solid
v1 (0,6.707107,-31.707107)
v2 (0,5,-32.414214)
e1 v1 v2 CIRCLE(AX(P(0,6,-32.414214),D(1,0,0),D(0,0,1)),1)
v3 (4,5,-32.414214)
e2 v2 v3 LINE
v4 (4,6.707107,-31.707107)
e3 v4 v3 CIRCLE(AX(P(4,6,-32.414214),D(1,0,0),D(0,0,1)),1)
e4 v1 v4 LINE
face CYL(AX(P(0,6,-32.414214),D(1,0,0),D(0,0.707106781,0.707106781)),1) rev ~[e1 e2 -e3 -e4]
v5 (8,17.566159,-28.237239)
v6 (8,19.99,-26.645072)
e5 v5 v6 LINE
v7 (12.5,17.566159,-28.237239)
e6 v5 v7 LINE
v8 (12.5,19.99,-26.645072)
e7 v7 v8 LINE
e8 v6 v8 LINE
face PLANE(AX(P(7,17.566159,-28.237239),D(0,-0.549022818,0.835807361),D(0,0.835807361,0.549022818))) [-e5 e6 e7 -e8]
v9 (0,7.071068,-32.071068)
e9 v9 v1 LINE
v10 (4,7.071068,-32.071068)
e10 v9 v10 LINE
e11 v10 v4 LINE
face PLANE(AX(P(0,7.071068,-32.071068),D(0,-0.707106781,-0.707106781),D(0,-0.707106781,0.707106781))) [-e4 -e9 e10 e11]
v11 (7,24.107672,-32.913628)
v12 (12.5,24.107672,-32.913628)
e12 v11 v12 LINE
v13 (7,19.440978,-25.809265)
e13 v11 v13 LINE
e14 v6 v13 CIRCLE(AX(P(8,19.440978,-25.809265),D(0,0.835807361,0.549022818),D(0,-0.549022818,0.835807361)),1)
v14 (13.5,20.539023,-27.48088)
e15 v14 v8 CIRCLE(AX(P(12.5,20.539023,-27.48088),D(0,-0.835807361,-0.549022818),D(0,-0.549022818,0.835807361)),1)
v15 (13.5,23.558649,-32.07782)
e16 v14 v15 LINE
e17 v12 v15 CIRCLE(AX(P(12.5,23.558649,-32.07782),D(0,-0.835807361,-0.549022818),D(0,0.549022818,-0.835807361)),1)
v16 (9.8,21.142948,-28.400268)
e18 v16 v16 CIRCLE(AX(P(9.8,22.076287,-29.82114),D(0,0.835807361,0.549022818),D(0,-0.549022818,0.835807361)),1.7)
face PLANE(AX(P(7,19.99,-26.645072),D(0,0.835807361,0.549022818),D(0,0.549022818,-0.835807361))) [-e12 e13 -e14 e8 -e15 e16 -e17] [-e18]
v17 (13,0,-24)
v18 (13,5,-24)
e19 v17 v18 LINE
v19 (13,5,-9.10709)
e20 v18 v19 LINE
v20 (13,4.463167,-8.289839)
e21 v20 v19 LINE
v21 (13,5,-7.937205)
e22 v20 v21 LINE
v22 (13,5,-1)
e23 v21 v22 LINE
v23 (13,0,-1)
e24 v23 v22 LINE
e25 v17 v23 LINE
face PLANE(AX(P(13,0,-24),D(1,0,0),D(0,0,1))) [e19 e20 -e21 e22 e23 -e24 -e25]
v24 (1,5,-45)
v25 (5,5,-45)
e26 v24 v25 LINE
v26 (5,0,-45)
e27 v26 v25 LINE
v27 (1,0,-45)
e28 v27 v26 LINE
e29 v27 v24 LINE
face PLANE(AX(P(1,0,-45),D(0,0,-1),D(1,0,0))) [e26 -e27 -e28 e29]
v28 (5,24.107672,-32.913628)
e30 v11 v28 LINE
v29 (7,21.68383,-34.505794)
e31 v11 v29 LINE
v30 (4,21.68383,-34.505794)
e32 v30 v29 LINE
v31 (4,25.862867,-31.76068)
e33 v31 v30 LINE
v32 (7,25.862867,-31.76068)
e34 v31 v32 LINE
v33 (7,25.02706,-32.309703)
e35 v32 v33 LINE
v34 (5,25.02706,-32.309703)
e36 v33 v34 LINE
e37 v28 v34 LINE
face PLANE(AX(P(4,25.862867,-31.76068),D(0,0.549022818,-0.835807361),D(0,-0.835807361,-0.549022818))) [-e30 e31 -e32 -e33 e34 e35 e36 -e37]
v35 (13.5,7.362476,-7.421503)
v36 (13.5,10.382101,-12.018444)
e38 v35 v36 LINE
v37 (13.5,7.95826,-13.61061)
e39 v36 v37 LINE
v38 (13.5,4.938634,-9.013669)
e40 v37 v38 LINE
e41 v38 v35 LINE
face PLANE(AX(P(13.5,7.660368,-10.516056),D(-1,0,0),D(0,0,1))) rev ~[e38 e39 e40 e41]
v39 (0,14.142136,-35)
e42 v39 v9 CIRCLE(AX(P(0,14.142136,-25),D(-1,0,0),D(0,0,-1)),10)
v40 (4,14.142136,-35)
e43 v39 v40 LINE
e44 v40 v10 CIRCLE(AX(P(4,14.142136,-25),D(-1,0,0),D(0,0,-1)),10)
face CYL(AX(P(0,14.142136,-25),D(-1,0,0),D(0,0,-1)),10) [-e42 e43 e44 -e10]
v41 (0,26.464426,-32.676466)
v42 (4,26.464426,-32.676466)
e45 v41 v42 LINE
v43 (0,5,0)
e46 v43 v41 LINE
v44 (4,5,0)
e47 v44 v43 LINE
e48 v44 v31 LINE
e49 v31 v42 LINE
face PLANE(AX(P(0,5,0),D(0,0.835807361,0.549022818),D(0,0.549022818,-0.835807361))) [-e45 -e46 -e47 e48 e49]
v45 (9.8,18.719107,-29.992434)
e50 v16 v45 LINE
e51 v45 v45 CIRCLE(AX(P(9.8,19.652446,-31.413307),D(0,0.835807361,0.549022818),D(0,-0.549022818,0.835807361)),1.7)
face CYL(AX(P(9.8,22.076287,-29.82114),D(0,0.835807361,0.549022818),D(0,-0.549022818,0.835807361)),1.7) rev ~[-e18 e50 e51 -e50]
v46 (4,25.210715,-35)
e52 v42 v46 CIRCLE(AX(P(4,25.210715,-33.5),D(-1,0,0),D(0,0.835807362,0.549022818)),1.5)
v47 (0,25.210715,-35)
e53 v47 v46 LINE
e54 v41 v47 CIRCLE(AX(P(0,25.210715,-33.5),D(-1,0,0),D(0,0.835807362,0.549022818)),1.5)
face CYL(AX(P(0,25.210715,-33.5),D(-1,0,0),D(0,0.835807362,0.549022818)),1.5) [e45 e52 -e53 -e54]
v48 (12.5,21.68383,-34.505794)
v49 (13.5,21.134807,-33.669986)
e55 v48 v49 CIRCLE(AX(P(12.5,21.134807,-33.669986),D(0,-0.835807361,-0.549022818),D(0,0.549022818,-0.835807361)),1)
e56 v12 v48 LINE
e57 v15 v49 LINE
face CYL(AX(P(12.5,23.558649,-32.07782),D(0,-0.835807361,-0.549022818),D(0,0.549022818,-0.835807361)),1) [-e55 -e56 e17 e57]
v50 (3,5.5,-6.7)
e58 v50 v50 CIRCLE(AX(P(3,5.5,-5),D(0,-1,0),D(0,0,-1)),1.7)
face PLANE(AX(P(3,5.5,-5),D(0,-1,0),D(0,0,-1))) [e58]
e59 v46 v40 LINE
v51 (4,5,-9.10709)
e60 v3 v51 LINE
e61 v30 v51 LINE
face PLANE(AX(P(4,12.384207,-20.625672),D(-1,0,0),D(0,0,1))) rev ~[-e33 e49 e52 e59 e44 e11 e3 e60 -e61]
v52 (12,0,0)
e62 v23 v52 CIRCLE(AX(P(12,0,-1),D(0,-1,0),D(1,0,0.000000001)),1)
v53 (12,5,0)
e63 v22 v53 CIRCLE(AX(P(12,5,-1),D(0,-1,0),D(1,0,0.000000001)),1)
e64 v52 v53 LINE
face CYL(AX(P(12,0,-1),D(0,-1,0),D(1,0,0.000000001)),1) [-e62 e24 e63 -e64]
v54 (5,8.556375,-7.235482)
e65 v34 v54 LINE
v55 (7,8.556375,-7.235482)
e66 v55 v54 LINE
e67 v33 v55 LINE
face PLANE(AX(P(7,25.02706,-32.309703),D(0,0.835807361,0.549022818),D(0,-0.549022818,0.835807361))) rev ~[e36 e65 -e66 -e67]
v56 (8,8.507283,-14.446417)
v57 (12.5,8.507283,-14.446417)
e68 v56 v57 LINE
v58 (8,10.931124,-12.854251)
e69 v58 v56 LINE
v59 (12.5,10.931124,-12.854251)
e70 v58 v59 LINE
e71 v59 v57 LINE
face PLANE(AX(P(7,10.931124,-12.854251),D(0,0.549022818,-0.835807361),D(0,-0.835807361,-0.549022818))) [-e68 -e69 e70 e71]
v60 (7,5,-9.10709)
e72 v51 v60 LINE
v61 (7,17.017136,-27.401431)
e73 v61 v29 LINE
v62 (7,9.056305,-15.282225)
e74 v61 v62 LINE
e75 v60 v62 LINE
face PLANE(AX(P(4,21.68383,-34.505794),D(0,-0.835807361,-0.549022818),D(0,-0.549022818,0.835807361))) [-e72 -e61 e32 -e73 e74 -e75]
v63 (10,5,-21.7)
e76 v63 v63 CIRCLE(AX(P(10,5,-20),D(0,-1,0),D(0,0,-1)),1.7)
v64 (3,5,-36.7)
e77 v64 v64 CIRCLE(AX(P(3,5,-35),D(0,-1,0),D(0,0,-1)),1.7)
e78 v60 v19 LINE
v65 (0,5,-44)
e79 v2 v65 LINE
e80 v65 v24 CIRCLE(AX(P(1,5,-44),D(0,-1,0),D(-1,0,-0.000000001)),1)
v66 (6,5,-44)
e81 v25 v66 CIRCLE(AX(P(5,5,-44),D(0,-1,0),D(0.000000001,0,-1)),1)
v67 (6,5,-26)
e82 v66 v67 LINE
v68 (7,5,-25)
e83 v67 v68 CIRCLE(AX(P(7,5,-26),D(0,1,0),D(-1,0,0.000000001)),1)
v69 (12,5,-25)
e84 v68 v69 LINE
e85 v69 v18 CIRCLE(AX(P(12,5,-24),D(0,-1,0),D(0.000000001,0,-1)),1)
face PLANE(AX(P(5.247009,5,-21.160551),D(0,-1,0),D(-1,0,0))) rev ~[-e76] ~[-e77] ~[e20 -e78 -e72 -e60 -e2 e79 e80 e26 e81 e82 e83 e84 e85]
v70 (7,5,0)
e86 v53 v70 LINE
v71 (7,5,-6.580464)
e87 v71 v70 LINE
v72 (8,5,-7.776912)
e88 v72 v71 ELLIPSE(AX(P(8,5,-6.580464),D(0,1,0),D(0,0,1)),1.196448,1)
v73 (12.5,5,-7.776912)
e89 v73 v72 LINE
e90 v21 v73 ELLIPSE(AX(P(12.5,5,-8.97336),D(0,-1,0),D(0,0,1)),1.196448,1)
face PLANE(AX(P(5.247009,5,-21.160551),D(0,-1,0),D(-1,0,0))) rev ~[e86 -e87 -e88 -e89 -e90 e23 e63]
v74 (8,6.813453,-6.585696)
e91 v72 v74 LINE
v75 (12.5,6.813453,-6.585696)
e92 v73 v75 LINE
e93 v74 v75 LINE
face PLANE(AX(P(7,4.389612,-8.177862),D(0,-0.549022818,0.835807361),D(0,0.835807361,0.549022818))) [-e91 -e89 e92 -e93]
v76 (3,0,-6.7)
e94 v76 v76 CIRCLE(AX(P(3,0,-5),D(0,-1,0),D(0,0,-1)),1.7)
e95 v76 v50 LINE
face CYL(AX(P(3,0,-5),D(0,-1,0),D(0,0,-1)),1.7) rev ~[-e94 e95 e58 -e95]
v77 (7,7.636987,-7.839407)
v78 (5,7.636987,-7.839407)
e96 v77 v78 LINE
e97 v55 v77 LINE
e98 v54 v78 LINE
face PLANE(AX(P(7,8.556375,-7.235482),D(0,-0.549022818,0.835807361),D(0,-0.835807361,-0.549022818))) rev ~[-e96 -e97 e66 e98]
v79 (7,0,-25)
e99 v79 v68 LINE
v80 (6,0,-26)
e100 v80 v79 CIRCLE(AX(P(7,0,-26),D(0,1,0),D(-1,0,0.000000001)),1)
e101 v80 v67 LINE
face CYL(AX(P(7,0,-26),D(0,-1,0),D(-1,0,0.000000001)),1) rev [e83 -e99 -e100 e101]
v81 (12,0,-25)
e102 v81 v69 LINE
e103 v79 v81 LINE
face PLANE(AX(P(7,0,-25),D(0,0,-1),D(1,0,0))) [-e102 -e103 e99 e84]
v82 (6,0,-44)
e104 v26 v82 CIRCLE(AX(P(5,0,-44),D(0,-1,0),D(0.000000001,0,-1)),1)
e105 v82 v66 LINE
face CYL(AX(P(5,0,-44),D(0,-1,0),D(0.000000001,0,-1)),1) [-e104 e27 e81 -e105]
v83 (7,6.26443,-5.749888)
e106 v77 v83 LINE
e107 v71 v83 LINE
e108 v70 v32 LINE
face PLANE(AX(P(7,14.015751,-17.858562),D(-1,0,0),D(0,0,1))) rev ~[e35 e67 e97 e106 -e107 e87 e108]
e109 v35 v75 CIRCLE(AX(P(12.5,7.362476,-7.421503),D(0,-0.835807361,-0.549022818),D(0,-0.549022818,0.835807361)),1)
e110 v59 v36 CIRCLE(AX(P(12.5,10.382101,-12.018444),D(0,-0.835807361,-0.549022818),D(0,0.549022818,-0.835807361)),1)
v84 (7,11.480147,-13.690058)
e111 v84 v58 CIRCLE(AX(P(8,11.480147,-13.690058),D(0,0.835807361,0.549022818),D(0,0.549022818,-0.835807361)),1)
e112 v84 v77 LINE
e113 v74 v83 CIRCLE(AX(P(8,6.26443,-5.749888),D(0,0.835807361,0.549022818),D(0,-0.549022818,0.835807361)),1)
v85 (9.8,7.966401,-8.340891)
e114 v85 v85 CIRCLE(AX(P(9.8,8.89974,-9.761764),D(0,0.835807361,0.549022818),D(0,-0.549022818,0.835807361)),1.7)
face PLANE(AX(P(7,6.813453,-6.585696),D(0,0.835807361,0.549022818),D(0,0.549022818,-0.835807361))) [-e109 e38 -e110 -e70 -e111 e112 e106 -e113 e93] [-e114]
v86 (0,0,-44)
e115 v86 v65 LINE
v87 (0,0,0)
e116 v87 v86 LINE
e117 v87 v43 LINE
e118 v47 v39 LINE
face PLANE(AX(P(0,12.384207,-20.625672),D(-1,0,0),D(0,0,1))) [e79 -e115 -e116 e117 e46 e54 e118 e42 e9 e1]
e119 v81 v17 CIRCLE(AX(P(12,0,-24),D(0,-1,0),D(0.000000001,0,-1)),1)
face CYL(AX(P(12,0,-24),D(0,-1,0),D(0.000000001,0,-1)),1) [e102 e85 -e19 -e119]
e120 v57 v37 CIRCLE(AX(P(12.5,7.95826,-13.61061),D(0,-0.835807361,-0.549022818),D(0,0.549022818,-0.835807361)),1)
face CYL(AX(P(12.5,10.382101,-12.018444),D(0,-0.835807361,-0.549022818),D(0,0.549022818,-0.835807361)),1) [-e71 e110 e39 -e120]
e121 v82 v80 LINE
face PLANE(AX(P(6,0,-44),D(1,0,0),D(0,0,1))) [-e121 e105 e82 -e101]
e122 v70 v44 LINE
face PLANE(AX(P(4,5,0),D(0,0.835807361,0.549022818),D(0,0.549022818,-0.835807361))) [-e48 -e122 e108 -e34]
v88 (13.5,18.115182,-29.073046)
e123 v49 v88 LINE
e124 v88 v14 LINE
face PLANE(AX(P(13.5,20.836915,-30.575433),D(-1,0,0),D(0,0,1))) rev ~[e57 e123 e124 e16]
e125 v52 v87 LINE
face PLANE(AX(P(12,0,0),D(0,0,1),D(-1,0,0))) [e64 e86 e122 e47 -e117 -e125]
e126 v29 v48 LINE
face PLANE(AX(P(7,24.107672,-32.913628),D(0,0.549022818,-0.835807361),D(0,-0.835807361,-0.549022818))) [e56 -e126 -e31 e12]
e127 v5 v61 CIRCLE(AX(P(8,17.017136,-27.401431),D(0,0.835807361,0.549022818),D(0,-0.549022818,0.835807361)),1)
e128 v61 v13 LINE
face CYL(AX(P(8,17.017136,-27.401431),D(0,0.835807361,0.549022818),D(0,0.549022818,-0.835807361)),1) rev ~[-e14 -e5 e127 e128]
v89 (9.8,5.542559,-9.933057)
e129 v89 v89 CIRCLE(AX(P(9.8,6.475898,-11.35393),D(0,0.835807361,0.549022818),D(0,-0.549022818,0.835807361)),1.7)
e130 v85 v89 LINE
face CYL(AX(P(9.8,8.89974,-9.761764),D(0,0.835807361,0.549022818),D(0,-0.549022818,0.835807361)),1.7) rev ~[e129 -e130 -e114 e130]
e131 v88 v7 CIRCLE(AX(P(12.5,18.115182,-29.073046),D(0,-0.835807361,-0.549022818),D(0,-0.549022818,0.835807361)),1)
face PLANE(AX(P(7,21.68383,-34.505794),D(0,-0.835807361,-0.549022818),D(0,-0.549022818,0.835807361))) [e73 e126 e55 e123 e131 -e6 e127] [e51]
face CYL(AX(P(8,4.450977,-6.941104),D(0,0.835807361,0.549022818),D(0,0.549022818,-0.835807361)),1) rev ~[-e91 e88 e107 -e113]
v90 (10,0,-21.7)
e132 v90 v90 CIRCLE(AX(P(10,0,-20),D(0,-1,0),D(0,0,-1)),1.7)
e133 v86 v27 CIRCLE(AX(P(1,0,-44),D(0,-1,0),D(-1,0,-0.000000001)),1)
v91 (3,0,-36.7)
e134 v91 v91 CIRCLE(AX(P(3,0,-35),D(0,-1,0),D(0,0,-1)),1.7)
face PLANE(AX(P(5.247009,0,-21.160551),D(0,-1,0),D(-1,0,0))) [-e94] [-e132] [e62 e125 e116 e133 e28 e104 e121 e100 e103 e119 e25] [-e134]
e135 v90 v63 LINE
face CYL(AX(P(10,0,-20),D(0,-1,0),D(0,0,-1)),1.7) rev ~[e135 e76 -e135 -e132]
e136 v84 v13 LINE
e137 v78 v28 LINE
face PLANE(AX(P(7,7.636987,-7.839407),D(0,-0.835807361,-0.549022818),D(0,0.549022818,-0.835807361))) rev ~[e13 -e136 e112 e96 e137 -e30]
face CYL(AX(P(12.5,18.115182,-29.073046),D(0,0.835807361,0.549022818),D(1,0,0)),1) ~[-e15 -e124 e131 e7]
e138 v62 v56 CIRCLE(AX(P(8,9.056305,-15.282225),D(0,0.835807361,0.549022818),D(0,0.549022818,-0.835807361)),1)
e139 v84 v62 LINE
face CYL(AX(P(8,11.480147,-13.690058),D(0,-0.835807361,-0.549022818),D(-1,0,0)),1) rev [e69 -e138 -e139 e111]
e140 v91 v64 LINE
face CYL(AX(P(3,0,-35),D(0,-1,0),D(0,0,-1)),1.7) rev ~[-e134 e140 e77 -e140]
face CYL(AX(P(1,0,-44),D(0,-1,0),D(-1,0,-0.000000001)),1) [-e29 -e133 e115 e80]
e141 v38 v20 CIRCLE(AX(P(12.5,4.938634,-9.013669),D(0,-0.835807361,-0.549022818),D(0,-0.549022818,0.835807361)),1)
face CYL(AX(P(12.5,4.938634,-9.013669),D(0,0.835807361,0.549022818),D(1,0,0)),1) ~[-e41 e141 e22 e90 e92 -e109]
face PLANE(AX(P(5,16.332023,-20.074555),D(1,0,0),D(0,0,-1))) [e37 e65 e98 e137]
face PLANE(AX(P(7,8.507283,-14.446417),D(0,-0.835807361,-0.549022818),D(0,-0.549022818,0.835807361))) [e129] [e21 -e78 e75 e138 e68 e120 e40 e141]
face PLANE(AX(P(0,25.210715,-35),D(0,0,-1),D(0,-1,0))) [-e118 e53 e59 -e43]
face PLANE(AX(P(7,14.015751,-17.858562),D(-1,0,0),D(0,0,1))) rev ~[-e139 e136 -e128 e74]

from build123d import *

# Parameters (mm, degrees)
EXTRUDE_1_DEPTH                = 5
EXTRUDE_3_DEPTH                = 4
EXTRUDE_4_DEPTH                = 3
CUT_EXTRUDE_1_DEPTH            = 2
SKETCH_6_R                     = 1.7
CUT_EXTRUDE_1_2_DEPTH          = 5.5
EXTRUDE_5_DEPTH                = 6.5
FILLET_1_R                     = 1
CUT_EXTRUDE_2_REACH            = 56.175
SKETCH_8_R                     = 1.7
FILLET_2_R                     = 1
PATTERN_LINEAR_2_COUNT         = 2
PATTERN_LINEAR_2_PITCH         = 24
FILLET_1_OF_PATTERN_LINEAR_2_R = 1
FILLET_2_OF_PATTERN_LINEAR_2_R = 1
FILLET_3_R                     = 1
FILLET_4_R                     = 1


with BuildPart() as part:
    # 草图1 → 凸台-拉伸1 (new body)
    with BuildSketch(Plane(origin=(0, 0, 0), x_dir=(1, 0, 0), z_dir=(0, 1, 0))):
        with BuildLine():
            Line((0, 0), (0, 44))
            ThreePointArc((0, 44), (0.292893219, 44.707106781), (1, 45))
            Line((1, 45), (5, 45))
            ThreePointArc((5, 45), (5.707106781, 44.707106781), (6, 44))
            Line((6, 44), (6, 26))
            ThreePointArc((6, 26), (6.292893219, 25.292893219), (7, 25))
            Line((7, 25), (12, 25))
            ThreePointArc((12, 25), (12.707106781, 24.707106781), (13, 24))
            Line((13, 24), (13, 1))
            ThreePointArc((13, 1), (12.707106781, 0.292893219), (12, 0))
            Line((12, 0), (0, 0))
        make_face()
    extrude(amount=EXTRUDE_1_DEPTH)

    # 草图3 → 凸台-拉伸3 (add)
    with BuildSketch(Plane(origin=(0, 0, 0), x_dir=(0, 0, -1), z_dir=(1, 0, 0))):
        with BuildLine():
            Line((30, 5), (0, 5))
            Line((0, 5), (32.676465773, 26.464426075))
            ThreePointArc((32.676465773, 26.464426075), (34.212284585, 26.53080998), (35, 25.210715033))
            Line((35, 25.210715033), (35, 14.142135624))
            ThreePointArc((35, 14.142135624), (34.238795325, 10.3153013), (32.071067812, 7.071067812))
            Line((32.071067812, 7.071067812), (30, 5))
        make_face()
    extrude(amount=EXTRUDE_3_DEPTH)

    # 草图4 → 凸台-拉伸4 (add)
    with BuildSketch(Plane(origin=(4, 0, 0), x_dir=(0, 0, -1), z_dir=(1, 0, 0))):
        Polygon((0, 5), (31.760679732, 25.862867084), (34.505793822, 21.683830277), (9.107089607, 5), align=None)
    extrude(amount=EXTRUDE_4_DEPTH)

    # 草图5 → Cut-Extrude 1 (cut)
    with BuildSketch(Plane(origin=(7, 0, 0), x_dir=(0, 0, -1), z_dir=(1, 0, 0))):
        Polygon((32.30970255, 25.027059723), (7.235481709, 8.556375183), (7.839406809, 7.636987085), (32.91362765, 24.107671625), align=None)
    extrude(amount=-CUT_EXTRUDE_1_DEPTH, mode=Mode.SUBTRACT)

    # 草图6 → Cut-Extrude 1 2 (cut)
    with BuildSketch(Plane.XZ):
        with Locations(Location((3, -5, 0), (0, 0, 270))):
            Circle(SKETCH_6_R)
        with Locations(Location((3, -35, 0), (0, 0, 270))):
            Circle(SKETCH_6_R)
        with Locations(Location((10, -20, 0), (0, 0, 270))):
            Circle(SKETCH_6_R)
    extrude(amount=-CUT_EXTRUDE_1_2_DEPTH, mode=Mode.SUBTRACT)

    # 草图7 → 凸台-拉伸5 (add)
    with BuildSketch(Plane(origin=(7, 0, 0), x_dir=(0, 0, -1), z_dir=(1, 0, 0))):
        Polygon((32.91362765, 24.107671625), (34.505793822, 21.683830277), (28.237238612, 17.566159142), (26.64507244, 19.99000049), align=None)
    extrude_5 = extrude(amount=EXTRUDE_5_DEPTH)

    # 圆角1
    fillet_1_edges = [part.edges().sort_by_distance(p)[0] for p in [
        (13.5, 18.778079816, -27.441155526),
        (13.5, 22.895750951, -33.709710736),
    ]]
    fillet(fillet_1_edges, radius=FILLET_1_R)

    # 草图8 → 切除-拉伸2 (cut, up to next)
    with BuildSketch(Plane(origin=(0, 1.737674268, 1.141438646), x_dir=(1, 0, 0), z_dir=(0, 0.8358073613682734, 0.549022817998127)), mode=Mode.PRIVATE) as cut_extrude_2_sk1:
        with Locations(Location((9.8, 37.04511409, 0), (0, 0, 270))):
            Circle(SKETCH_8_R)
    cut_extrude_2_tool1 = extrude(cut_extrude_2_sk1.sketch, amount=-CUT_EXTRUDE_2_REACH, mode=Mode.PRIVATE) & part.part
    cut_extrude_2 = cut_extrude_2_tool1.solids().sort_by_distance((9.8, 22.076287, -29.82114))[0]
    add(cut_extrude_2, mode=Mode.SUBTRACT)

    # 圆角2
    fillet_2_edges = [part.edges().sort_by_distance(p)[0] for p in [
        (7, 18.778079816, -27.441155526),
    ]]
    fillet(fillet_2_edges, radius=FILLET_2_R)

    # 阵列(线性)2: 凸台-拉伸5, 切除-拉伸2 ×2
    with Locations(*[Vector(0, -0.549022817998128, 0.8358073613682727) * (i * PATTERN_LINEAR_2_PITCH) for i in range(1, PATTERN_LINEAR_2_COUNT)]):
        add(extrude_5)
        add(cut_extrude_2, mode=Mode.SUBTRACT)

    # 圆角1 of 阵列(线性)2
    fillet_1_of_pattern_linear_2_edges = [part.edges().sort_by_distance(p)[0] for p in [
        (13.5, 5.601532184, -7.381778853),
        (13.5, 9.719203319, -13.650334063),
    ]]
    fillet(fillet_1_of_pattern_linear_2_edges, radius=FILLET_1_OF_PATTERN_LINEAR_2_R)

    # 圆角2 of 阵列(线性)2
    fillet_2_of_pattern_linear_2_edges = [part.edges().sort_by_distance(p)[0] for p in [
        (7, 5.601532184, -7.381778853),
    ]]
    fillet(fillet_2_of_pattern_linear_2_edges, radius=FILLET_2_OF_PATTERN_LINEAR_2_R)

    # 圆角3
    fillet_3_edges = [part.edges().sort_by_distance(p)[0] for p in [
        (7, 9.719203319, -13.650334063),
    ]]
    fillet(fillet_3_edges, radius=FILLET_3_R)

    # 圆角4
    fillet_4_edges = [part.edges().sort_by_distance(p)[0] for p in [
        (2, 5, -30),
    ]]
    fillet(fillet_4_edges, radius=FILLET_4_R)


solid = part.part
